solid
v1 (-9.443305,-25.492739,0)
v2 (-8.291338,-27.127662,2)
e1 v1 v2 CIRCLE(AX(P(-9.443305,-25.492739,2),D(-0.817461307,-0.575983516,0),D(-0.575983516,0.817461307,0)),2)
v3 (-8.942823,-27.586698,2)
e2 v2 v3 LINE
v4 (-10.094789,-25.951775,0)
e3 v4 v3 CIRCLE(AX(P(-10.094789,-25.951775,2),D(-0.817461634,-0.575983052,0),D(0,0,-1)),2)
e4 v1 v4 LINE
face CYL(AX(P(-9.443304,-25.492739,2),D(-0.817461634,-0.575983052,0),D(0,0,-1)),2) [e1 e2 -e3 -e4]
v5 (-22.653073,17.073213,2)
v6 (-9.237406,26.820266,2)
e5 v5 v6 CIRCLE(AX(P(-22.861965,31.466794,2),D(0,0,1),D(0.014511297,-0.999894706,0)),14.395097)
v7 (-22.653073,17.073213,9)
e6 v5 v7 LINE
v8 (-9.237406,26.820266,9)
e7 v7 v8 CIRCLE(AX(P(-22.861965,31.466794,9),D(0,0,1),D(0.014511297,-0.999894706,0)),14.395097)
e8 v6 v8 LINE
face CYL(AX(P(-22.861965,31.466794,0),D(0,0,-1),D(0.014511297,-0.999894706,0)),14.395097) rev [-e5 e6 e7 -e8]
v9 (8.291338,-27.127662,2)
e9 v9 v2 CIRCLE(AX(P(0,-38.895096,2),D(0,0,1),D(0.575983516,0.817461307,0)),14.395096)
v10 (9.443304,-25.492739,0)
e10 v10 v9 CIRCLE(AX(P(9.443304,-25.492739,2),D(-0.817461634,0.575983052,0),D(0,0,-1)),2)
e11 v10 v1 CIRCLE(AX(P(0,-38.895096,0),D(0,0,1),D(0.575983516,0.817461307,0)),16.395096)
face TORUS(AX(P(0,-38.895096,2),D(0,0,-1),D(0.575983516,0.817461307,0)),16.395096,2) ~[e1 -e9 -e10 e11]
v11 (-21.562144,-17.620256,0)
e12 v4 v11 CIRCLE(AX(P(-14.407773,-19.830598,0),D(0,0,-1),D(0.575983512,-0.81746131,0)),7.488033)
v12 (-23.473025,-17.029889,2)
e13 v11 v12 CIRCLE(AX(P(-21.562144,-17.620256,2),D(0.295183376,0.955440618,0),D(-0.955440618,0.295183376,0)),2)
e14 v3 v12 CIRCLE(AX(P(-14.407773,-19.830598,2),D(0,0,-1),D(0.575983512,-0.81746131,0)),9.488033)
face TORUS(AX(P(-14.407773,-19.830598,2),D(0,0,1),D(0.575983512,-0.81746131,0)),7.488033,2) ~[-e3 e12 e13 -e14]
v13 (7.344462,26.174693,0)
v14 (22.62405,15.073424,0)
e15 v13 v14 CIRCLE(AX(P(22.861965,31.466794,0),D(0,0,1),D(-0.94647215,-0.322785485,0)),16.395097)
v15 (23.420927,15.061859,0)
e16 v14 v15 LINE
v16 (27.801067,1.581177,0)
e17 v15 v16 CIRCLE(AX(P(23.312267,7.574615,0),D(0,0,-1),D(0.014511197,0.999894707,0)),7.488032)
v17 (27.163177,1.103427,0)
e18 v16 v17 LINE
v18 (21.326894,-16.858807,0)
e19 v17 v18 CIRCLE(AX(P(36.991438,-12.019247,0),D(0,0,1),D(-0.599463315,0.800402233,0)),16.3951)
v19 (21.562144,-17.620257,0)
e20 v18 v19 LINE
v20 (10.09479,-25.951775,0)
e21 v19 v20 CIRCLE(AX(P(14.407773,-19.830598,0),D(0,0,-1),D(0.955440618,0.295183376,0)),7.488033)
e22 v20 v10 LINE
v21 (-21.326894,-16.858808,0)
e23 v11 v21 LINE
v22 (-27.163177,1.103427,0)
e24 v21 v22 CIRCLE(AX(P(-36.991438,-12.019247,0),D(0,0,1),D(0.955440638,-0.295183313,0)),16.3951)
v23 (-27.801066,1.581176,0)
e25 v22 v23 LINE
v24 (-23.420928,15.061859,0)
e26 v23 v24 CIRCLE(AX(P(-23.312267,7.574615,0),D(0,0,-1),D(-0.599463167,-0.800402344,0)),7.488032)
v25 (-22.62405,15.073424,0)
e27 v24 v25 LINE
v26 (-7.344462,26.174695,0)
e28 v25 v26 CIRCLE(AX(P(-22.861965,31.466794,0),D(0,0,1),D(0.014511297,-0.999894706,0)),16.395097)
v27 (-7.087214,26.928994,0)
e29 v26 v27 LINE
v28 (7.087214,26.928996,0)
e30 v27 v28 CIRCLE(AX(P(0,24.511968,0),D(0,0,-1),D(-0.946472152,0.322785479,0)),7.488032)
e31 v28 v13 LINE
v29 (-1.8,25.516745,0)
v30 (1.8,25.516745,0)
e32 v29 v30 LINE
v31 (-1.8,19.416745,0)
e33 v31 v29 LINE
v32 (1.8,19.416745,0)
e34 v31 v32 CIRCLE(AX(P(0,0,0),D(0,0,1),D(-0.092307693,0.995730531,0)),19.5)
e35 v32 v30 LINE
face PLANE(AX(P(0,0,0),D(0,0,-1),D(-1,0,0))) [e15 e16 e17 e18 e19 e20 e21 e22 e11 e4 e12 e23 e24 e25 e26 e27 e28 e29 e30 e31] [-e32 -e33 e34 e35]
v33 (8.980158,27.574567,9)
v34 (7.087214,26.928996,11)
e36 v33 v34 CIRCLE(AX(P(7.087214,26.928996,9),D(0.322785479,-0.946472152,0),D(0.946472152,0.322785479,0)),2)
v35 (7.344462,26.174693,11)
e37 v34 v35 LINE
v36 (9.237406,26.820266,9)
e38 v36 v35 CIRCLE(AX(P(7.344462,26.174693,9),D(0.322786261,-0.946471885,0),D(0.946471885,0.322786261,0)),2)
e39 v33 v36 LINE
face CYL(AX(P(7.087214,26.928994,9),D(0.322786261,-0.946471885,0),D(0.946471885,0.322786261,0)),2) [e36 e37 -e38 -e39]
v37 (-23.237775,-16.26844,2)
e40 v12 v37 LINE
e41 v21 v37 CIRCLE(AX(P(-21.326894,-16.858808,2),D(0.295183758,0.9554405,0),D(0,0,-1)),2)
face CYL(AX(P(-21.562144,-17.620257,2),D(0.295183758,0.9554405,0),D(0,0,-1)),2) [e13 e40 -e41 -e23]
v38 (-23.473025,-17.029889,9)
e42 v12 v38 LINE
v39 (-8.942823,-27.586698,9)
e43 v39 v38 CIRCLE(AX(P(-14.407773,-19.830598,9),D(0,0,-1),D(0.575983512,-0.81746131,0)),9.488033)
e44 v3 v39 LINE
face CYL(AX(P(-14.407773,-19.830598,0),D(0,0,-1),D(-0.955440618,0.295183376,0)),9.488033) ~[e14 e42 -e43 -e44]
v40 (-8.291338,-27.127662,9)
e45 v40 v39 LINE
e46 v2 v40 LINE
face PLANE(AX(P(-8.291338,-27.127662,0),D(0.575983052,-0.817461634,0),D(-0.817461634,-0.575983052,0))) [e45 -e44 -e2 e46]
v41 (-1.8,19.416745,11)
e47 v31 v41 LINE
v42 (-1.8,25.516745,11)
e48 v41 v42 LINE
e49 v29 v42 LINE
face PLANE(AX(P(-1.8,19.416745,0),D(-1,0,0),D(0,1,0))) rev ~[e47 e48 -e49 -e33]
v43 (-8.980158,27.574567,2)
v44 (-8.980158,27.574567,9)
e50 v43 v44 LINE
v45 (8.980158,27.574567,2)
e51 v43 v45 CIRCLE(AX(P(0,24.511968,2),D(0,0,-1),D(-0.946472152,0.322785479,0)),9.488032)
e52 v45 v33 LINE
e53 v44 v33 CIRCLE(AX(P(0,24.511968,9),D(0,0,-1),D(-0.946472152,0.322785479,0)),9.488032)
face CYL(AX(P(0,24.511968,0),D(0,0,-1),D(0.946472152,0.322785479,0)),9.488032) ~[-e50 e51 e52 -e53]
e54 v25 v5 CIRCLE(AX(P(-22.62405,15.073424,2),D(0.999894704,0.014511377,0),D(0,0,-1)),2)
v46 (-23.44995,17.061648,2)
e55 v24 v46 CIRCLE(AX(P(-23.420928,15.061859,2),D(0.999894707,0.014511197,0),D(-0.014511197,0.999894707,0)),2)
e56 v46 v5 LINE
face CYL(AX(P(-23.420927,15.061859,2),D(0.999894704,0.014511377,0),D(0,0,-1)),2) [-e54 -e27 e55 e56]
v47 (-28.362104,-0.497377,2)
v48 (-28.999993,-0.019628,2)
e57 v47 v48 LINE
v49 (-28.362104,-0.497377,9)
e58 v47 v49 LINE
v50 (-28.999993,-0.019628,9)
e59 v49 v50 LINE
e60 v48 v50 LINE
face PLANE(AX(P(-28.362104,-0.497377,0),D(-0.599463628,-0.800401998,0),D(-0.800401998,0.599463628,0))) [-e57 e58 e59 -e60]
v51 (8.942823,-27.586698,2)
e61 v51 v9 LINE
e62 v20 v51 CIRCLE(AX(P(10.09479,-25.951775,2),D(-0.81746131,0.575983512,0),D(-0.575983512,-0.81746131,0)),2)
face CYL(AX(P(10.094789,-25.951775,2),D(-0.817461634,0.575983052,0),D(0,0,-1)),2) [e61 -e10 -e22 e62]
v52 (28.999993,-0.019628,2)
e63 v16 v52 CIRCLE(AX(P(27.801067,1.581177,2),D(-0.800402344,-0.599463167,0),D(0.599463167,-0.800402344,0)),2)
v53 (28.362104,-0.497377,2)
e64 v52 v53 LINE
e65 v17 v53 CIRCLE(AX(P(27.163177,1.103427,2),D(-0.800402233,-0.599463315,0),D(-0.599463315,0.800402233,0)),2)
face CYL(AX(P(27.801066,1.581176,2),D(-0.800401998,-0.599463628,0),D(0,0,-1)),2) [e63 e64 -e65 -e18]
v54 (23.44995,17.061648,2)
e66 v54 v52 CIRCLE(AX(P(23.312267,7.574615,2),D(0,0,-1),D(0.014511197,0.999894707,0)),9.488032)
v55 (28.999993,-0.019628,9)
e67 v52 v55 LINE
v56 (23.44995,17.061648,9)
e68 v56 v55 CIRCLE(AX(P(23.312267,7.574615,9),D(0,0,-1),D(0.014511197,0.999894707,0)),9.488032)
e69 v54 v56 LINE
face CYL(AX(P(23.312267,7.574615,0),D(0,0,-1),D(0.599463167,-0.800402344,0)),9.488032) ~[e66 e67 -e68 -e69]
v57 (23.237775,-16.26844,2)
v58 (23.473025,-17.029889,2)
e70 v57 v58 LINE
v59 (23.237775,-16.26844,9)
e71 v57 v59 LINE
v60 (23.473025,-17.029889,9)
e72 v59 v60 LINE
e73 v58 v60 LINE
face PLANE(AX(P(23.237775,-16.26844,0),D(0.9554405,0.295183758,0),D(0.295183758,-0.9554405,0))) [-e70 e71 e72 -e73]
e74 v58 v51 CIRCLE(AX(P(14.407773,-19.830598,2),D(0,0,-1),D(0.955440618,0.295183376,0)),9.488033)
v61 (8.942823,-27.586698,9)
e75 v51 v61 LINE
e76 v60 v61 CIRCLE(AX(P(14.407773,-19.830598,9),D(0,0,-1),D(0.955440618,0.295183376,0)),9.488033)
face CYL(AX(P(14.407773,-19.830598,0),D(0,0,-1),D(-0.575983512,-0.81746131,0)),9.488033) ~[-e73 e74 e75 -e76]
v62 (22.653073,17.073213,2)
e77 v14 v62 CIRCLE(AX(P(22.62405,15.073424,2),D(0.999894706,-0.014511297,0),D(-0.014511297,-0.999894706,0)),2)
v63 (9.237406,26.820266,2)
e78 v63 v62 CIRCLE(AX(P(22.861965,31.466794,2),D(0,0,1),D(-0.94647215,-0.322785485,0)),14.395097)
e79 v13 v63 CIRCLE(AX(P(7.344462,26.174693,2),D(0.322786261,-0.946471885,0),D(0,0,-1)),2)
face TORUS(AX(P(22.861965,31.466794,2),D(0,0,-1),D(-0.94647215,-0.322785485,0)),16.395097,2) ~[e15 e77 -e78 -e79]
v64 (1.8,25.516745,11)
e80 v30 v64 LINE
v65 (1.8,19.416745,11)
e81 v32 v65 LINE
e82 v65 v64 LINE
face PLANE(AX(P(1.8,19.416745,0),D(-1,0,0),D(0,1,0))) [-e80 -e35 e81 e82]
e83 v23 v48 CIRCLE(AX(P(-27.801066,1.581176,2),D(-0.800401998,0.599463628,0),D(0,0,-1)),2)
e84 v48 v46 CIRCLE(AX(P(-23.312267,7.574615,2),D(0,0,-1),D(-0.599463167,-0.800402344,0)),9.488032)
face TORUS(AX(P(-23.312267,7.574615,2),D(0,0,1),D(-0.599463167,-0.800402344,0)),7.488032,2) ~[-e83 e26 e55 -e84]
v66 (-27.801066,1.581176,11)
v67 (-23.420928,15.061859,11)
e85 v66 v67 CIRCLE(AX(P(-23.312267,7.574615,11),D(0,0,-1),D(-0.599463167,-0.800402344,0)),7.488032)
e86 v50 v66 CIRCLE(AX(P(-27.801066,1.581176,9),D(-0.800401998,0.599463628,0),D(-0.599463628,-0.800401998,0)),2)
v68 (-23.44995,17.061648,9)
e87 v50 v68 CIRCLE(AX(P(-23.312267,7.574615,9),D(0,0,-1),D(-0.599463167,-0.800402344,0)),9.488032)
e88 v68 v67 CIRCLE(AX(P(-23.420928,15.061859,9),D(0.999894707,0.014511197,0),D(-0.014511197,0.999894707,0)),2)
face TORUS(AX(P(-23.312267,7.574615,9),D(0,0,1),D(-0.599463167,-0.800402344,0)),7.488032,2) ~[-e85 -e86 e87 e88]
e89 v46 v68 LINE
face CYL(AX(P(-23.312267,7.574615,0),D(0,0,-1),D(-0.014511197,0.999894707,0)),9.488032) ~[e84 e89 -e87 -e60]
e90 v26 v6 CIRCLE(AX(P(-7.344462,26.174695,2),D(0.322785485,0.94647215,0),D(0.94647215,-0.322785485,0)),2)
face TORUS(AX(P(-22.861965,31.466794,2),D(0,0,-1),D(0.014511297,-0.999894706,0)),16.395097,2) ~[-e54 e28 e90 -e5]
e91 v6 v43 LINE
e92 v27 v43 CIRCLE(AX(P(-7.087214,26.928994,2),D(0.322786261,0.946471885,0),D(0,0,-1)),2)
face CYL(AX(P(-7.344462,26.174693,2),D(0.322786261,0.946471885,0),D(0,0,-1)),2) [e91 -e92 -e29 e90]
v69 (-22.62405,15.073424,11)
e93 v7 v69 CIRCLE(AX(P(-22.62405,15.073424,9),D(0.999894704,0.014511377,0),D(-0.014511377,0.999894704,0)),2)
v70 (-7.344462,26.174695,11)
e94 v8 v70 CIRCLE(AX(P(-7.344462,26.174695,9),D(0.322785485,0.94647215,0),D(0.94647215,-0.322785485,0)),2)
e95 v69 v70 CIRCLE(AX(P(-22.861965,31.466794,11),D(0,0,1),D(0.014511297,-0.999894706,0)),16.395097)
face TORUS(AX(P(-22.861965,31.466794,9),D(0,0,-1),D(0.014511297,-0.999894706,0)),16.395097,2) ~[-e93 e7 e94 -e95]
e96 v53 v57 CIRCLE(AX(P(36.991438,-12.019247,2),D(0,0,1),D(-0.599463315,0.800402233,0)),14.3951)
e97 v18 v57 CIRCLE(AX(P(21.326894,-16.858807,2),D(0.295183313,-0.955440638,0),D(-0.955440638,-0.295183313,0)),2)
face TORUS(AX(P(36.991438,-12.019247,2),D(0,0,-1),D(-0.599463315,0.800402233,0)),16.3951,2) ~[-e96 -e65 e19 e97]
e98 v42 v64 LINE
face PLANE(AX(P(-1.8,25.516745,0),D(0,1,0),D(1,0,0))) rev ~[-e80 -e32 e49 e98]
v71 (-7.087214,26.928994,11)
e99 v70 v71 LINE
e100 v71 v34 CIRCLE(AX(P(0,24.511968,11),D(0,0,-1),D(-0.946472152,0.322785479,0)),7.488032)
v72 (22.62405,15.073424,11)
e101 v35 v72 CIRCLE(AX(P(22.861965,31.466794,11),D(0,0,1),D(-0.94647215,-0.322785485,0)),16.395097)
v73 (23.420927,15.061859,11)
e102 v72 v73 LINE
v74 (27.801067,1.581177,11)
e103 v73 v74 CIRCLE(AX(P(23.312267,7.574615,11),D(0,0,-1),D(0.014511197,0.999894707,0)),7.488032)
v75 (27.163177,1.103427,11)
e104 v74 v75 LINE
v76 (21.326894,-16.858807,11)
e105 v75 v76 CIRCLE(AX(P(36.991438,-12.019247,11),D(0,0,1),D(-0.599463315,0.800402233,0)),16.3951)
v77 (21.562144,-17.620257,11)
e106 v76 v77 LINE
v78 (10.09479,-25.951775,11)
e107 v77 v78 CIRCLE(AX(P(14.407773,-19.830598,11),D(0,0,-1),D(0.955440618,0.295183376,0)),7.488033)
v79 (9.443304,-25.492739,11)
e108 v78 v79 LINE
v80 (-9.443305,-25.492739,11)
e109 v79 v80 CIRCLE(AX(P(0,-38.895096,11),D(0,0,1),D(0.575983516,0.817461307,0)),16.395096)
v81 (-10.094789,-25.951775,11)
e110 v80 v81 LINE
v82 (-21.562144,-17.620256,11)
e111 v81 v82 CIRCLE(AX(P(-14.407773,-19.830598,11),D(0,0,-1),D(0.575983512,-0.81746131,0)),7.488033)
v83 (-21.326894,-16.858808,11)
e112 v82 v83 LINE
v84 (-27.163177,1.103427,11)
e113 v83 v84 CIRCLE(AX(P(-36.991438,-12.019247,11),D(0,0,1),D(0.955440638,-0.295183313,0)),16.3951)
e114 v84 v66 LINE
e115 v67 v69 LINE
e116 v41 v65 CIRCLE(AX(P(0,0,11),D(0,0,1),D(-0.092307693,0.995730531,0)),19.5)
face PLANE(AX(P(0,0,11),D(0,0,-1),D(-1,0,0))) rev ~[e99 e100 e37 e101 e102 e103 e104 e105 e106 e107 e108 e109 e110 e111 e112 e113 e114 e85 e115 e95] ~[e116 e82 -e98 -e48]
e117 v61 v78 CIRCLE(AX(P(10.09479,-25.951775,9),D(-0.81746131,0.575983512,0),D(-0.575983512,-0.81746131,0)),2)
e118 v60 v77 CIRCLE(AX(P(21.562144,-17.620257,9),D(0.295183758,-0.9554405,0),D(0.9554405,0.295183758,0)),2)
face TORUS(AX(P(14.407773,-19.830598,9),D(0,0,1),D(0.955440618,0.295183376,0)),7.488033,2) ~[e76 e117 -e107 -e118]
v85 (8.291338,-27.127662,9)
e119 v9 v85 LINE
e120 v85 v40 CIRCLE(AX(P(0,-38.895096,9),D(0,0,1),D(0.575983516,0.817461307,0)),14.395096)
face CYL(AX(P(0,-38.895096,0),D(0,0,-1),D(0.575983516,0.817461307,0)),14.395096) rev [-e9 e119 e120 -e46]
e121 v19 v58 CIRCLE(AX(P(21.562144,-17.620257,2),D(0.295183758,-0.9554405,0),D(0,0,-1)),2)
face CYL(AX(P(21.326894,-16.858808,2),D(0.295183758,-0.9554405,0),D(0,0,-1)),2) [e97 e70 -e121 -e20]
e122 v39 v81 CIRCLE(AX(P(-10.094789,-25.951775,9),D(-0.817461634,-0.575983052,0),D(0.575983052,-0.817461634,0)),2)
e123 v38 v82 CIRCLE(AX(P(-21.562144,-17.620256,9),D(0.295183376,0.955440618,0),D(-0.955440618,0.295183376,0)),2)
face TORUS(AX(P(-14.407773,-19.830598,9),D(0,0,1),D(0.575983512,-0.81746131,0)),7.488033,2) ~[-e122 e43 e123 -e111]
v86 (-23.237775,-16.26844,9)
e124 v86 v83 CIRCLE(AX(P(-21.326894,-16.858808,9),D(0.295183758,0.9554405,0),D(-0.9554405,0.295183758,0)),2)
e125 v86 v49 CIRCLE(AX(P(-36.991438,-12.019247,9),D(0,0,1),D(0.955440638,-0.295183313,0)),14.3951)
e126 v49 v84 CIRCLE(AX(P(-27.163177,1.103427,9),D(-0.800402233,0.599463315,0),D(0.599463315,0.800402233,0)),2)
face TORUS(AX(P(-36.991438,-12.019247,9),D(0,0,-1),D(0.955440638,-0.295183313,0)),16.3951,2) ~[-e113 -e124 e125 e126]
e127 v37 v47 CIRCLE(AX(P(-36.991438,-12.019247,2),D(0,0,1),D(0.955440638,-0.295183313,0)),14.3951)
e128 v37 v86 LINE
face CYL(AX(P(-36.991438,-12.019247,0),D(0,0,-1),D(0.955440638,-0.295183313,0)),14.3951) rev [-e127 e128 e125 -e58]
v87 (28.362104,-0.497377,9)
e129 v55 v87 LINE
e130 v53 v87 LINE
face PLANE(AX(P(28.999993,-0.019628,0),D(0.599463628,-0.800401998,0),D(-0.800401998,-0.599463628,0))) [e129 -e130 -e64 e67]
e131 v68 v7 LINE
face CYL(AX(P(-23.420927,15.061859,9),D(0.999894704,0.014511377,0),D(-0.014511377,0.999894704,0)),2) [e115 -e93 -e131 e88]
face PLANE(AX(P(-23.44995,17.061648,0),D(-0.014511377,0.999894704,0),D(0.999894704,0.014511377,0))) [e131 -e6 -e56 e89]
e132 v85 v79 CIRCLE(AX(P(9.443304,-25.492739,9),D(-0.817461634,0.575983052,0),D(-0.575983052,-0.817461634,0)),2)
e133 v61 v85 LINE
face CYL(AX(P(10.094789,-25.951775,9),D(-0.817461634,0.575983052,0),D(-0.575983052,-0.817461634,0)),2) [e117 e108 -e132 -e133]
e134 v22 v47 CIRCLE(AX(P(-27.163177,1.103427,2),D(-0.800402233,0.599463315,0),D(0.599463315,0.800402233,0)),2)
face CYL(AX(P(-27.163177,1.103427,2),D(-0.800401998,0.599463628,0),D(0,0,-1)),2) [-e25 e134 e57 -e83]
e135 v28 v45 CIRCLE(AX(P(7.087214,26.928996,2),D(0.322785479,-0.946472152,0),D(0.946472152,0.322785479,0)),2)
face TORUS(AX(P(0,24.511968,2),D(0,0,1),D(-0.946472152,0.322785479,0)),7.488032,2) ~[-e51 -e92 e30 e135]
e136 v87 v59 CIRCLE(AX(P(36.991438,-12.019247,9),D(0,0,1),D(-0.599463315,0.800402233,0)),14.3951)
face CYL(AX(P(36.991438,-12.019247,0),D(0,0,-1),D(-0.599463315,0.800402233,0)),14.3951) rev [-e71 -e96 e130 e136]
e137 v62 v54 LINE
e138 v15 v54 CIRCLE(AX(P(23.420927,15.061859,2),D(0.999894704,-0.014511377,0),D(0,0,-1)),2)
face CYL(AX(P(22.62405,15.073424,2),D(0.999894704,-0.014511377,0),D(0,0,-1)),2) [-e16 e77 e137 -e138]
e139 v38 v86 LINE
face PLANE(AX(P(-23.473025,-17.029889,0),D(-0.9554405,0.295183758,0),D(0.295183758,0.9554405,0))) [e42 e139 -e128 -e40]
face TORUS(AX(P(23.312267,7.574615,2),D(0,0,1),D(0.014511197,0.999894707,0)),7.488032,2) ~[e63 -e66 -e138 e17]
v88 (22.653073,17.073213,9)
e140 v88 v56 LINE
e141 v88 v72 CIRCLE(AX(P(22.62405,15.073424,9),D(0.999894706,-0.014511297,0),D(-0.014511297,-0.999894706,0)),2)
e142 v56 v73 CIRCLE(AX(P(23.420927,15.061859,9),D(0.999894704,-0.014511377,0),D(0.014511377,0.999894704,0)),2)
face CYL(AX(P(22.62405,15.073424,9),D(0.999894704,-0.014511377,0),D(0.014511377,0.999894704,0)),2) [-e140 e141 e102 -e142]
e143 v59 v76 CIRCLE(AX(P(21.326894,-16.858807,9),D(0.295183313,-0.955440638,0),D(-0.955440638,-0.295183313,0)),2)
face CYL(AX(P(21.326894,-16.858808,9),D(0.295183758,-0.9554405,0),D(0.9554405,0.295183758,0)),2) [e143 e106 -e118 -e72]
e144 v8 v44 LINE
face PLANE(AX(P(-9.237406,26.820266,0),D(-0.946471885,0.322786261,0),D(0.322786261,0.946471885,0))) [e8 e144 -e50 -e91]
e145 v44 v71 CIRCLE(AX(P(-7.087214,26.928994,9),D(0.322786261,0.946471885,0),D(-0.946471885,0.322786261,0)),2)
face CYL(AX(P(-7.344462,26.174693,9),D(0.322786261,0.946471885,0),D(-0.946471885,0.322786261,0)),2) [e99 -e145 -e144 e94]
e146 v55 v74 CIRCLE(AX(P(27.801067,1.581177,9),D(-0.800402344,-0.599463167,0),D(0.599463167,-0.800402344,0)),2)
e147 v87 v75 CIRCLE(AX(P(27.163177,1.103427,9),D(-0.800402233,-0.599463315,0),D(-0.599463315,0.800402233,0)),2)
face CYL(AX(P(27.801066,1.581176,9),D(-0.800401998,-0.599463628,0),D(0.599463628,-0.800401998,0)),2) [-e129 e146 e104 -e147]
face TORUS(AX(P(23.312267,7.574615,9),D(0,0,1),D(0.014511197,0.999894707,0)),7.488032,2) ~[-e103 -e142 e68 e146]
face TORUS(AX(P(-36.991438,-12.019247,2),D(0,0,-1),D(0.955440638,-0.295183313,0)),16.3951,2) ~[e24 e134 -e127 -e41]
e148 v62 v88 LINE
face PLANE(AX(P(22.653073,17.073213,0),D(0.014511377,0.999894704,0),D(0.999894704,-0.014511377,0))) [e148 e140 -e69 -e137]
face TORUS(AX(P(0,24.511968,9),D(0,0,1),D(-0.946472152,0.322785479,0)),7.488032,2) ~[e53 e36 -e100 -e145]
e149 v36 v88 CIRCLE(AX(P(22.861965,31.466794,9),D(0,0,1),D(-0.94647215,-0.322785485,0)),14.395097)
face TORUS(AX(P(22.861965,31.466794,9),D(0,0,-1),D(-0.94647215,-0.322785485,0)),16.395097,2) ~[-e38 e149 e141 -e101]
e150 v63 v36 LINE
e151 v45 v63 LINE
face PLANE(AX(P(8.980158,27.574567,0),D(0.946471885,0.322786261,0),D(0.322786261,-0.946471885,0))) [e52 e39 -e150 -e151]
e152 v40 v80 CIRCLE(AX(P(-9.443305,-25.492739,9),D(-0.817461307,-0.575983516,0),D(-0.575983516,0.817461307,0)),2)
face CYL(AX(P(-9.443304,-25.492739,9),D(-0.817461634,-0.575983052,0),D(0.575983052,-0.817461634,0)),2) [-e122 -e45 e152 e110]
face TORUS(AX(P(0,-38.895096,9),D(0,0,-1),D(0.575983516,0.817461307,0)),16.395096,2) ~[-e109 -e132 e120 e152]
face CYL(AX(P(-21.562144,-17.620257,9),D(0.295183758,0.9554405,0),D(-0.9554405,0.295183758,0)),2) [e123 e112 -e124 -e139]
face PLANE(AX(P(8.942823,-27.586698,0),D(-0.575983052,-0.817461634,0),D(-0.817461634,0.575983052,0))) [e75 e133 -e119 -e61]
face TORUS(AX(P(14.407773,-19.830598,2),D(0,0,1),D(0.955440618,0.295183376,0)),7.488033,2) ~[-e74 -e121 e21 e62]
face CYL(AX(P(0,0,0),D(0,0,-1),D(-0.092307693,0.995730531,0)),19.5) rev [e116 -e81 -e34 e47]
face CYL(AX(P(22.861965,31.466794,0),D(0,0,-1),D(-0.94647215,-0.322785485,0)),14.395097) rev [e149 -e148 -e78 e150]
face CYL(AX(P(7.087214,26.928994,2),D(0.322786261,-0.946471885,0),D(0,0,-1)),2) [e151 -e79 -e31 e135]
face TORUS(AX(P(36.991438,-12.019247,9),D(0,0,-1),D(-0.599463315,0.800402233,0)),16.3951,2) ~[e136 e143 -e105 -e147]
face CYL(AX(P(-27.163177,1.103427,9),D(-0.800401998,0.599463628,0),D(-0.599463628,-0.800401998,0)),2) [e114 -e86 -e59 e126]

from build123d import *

# Parameters (mm, degrees)
PAD_DEPTH   = 11
FILLET_R    = 2
FILLET001_R = 2


with BuildPart() as part:
    # Sketch → Pad (new body)
    with BuildSketch(Plane.XY):
        with BuildLine():
            Line((8.980158, 27.574567), (9.237406, 26.820266))
            ThreePointArc((9.237406, 26.820266), (14.400739, 19.820916), (22.653073, 17.073213))
            Line((22.653073, 17.073213), (23.44995, 17.061648))
            ThreePointArc((28.999993, -0.019628), (32.335922, 10.506578), (23.44995, 17.061648))
            Line((28.999993, -0.019628), (28.362104, -0.497377))
            ThreePointArc((28.362104, -0.497377), (23.300885, -7.570916), (23.237775, -16.26844))
            Line((23.237775, -16.26844), (23.473025, -17.029889))
            ThreePointArc((8.942823, -27.586698), (19.984699, -27.506578), (23.473025, -17.029889))
            Line((8.942823, -27.586698), (8.291338, -27.127662))
            ThreePointArc((8.291338, -27.127662), (0, -24.5), (-8.291338, -27.127662))
            Line((-8.291338, -27.127662), (-8.942823, -27.586698))
            ThreePointArc((-23.473025, -17.029889), (-19.984699, -27.506578), (-8.942823, -27.586698))
            Line((-23.473025, -17.029889), (-23.237775, -16.26844))
            ThreePointArc((-23.237775, -16.26844), (-23.300885, -7.570916), (-28.362104, -0.497377))
            Line((-28.362104, -0.497377), (-28.999993, -0.019628))
            ThreePointArc((-23.44995, 17.061648), (-32.335922, 10.506578), (-28.999993, -0.019628))
            Line((-23.44995, 17.061648), (-22.653073, 17.073213))
            ThreePointArc((-22.653073, 17.073213), (-14.400739, 19.820916), (-9.237406, 26.820266))
            Line((-9.237406, 26.820266), (-8.980158, 27.574567))
            ThreePointArc((8.980158, 27.574567), (0, 34), (-8.980158, 27.574567))
        make_face()
        with BuildLine():
            ThreePointArc((-1.8, 19.416745), (0, -19.5), (1.8, 19.416745))
            Line((1.8, 19.416745), (1.8, 25.516745))
            Line((-1.8, 25.516745), (1.8, 25.516745))
            Line((-1.8, 19.416745), (-1.8, 25.516745))
        make_face(mode=Mode.SUBTRACT)
    extrude(amount=PAD_DEPTH)

    # Fillet
    fillet_edges = [part.edges().sort_by_distance(p)[0] for p in [
        (23.300885, -7.570916, 11),
    ]]
    fillet(fillet_edges, radius=FILLET_R)

    # Fillet001
    fillet001_edges = [part.edges().sort_by_distance(p)[0] for p in [
        (23.300885, -7.570916, 0),
    ]]
    fillet(fillet001_edges, radius=FILLET001_R)


solid = part.part
